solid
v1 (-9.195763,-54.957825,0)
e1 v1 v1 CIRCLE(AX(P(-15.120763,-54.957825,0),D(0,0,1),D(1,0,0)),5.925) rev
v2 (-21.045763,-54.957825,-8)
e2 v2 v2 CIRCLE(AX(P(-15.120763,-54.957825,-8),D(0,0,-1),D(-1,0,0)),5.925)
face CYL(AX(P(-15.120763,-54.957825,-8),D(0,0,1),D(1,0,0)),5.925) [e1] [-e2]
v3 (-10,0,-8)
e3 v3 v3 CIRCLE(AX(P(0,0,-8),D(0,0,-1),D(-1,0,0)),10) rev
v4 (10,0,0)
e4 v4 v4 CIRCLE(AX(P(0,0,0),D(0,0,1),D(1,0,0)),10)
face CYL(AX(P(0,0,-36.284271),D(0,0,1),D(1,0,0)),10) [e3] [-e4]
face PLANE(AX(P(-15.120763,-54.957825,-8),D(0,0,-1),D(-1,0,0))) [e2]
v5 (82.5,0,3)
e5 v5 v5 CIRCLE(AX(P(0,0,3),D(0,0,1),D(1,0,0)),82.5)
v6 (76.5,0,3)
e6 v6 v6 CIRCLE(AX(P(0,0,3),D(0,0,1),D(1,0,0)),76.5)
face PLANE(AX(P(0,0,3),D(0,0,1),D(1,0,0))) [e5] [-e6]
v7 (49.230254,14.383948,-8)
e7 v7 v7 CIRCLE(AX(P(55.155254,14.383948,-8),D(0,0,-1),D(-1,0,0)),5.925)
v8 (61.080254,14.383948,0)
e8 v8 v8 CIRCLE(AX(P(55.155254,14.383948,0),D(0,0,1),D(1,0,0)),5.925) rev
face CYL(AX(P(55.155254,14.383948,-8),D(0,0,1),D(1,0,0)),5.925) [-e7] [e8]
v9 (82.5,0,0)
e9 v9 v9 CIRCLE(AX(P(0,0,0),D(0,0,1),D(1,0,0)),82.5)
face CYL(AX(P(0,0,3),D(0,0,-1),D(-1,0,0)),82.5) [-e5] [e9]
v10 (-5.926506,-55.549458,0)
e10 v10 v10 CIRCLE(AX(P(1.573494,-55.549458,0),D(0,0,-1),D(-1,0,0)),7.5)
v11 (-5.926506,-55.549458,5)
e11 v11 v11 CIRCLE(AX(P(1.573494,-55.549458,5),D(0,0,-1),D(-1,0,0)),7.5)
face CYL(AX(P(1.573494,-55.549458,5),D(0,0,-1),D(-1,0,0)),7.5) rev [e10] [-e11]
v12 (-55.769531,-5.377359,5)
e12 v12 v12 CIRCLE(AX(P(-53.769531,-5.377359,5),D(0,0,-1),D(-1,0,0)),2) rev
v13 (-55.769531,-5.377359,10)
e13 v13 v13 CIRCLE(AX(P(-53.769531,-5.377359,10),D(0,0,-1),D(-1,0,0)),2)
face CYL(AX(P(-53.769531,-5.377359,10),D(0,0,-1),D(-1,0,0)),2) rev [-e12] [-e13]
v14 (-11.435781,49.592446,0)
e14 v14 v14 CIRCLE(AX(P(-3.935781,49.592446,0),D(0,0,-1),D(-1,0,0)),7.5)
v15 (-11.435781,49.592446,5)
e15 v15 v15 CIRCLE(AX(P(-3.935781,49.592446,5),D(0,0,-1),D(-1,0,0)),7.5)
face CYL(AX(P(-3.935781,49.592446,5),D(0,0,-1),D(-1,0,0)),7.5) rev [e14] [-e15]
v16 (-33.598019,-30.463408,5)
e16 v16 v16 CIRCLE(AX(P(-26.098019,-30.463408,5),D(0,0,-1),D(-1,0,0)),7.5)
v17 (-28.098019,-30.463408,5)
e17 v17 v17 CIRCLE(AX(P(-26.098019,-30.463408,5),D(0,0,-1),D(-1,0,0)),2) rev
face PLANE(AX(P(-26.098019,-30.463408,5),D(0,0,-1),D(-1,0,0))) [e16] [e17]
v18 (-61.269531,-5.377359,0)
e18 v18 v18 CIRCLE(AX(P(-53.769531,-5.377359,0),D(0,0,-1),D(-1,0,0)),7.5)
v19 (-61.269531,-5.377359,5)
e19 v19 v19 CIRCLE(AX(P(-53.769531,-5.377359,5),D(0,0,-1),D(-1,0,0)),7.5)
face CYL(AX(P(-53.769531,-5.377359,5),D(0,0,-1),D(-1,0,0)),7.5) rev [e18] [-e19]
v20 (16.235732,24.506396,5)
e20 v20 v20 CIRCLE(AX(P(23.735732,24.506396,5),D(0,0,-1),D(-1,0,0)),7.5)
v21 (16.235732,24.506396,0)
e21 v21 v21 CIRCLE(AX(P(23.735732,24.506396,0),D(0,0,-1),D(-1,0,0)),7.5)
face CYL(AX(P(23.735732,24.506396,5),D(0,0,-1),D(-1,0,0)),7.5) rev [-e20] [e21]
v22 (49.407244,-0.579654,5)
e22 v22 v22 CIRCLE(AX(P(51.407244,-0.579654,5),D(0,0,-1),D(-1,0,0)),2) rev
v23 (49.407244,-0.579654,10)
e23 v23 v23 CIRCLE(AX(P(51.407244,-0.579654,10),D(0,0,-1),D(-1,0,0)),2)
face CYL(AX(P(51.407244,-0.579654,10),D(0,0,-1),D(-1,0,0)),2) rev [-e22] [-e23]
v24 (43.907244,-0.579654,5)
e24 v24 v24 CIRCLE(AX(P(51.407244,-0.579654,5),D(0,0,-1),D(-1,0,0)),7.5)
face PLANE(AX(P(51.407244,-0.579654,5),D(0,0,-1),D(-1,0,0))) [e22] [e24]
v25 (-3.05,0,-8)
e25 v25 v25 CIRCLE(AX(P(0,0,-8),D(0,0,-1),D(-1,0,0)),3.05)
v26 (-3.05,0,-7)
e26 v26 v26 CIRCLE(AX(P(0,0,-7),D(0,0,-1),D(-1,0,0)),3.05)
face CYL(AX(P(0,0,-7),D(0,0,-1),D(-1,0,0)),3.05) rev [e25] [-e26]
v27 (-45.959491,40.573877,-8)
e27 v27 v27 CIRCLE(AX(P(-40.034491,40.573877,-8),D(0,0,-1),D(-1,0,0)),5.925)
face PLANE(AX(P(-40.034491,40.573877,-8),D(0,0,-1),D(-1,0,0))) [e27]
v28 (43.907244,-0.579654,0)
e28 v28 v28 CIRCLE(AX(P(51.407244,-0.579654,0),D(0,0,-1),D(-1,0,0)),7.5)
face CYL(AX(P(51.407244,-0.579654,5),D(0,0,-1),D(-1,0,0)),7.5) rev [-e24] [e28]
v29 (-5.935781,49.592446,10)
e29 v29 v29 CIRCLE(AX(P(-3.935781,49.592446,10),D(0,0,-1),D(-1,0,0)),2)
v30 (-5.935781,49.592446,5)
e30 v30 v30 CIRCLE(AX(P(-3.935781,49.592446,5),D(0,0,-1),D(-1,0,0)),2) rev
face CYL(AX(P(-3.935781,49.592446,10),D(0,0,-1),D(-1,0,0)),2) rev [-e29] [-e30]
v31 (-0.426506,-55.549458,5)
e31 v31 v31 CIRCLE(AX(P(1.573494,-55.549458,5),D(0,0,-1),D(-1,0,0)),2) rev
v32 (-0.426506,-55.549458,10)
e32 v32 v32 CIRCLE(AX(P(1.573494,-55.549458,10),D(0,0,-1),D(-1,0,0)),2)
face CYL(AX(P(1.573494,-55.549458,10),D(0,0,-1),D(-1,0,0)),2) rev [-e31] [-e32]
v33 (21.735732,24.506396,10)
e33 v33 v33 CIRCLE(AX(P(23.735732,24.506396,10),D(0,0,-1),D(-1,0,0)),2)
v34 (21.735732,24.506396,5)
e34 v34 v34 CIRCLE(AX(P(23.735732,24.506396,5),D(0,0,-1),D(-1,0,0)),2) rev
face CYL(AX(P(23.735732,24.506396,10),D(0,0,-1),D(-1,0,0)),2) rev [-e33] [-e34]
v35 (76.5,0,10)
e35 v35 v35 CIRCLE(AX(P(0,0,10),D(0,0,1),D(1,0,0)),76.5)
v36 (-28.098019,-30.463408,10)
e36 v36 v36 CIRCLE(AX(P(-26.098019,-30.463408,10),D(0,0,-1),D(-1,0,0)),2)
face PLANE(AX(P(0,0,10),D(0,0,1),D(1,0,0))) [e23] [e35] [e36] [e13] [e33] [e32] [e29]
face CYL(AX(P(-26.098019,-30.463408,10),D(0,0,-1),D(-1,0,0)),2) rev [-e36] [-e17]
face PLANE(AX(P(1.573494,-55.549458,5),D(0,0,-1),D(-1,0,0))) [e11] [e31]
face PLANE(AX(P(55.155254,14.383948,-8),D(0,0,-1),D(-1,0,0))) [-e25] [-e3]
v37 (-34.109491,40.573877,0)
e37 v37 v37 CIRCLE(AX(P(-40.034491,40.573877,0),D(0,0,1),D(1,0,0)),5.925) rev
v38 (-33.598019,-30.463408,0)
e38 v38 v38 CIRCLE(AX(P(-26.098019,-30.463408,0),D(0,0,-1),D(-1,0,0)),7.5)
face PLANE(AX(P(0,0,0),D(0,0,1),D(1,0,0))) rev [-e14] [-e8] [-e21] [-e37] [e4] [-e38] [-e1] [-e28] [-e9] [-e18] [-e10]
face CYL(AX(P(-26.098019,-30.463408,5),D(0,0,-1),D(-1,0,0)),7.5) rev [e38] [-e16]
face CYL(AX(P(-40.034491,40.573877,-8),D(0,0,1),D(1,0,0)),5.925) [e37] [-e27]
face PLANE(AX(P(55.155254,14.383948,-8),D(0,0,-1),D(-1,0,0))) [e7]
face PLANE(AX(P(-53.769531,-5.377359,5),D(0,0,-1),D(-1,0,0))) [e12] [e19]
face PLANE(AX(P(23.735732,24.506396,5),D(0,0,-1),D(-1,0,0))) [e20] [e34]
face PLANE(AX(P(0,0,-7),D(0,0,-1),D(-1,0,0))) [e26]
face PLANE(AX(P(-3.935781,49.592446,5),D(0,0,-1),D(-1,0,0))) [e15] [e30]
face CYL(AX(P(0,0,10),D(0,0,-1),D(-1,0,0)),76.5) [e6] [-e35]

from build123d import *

# Parameters (mm, degrees)
ESBO_O1_R                = 82.5
ESBO_O1_R_2              = 14
RESSALTO_EXTRUS_O1_DEPTH = 3
ESBO_O2_R                = 5.925
RESSALTO_EXTRUS_O2_DEPTH = 8
ESBO_O3_R                = 14
RESSALTO_EXTRUS_O3_DEPTH = 3
ESBO_O4_R                = 10
RESSALTO_EXTRUS_O4_DEPTH = 11
ESBO_O5_R                = 3.05
CORTE_EXTRUS_O1_DEPTH    = 1
ESBO_O6_R                = 76.5
RESSALTO_EXTRUS_O5_DEPTH = 7
ESBO_O13_R               = 2
CORTE_EXTRUS_O2_DEPTH    = 11
ESBO_O14_R               = 7.5
CORTE_EXTRUS_O3_DEPTH    = 5


with BuildPart() as part:
    # Esboço1 → Ressalto-extrusão1 (new body)
    with BuildSketch(Plane.XY):
        Circle(ESBO_O1_R)
        Circle(ESBO_O1_R_2, mode=Mode.SUBTRACT)
    extrude(amount=RESSALTO_EXTRUS_O1_DEPTH)

    # Esboço2 → Ressalto-extrusão2 (add)
    with BuildSketch(Plane(origin=(0, 0, 0), x_dir=(-1, 0, 0), z_dir=(0, 0, -1))):
        with Locations((-55.155254038, 14.383947721)):
            Circle(ESBO_O2_R)
        with Locations((40.034491152, 40.573877288)):
            Circle(ESBO_O2_R)
        with Locations((15.120762886, -54.957825009)):
            Circle(ESBO_O2_R)
    extrude(amount=RESSALTO_EXTRUS_O2_DEPTH)

    # Esboço3 → Ressalto-extrusão3 (add)
    with BuildSketch(Plane.XY.offset(3)):
        Circle(ESBO_O3_R)
    extrude(amount=-RESSALTO_EXTRUS_O3_DEPTH)

    # Esboço4 → Ressalto-extrusão4 (add)
    with BuildSketch(Plane.XY.offset(3)):
        Circle(ESBO_O4_R)
    extrude(amount=-RESSALTO_EXTRUS_O4_DEPTH)

    # Esboço5 → Corte-extrusão1 (cut)
    with BuildSketch(Plane(origin=(0, 0, -8), x_dir=(-1, 0, 0), z_dir=(0, 0, -1))):
        Circle(ESBO_O5_R)
    extrude(amount=-CORTE_EXTRUS_O1_DEPTH, mode=Mode.SUBTRACT)

    # Esboço6 → Ressalto-extrusão5 (add)
    with BuildSketch(Plane.XY.offset(3)):
        Circle(ESBO_O6_R)
    extrude(amount=RESSALTO_EXTRUS_O5_DEPTH)

    # Esboço13 → Corte-extrusão2 (cut, through all)
    with BuildSketch(Plane(origin=(0, 0, 0), x_dir=(-1, 0, 0), z_dir=(0, 0, -1))):
        with Locations((-1.573494017, -55.549458165)):
            Circle(ESBO_O13_R)
        with Locations((26.098018566, -30.463408429)):
            Circle(ESBO_O13_R)
        with Locations((53.76953115, -5.377358693)):
            Circle(ESBO_O13_R)
        with Locations((-51.407244113, -0.579653936)):
            Circle(ESBO_O13_R)
        with Locations((-23.73573153, 24.5063958)):
            Circle(ESBO_O13_R)
        with Locations((3.935781053, 49.592445536)):
            Circle(ESBO_O13_R)
    extrude(amount=-CORTE_EXTRUS_O2_DEPTH, mode=Mode.SUBTRACT)

    # Esboço14 → Corte-extrusão3 (cut)
    with BuildSketch(Plane(origin=(0, 0, 0), x_dir=(-1, 0, 0), z_dir=(0, 0, -1))):
        with Locations((53.76953115, -5.377358693)):
            Circle(ESBO_O14_R)
        with Locations((26.098018566, -30.463408429)):
            Circle(ESBO_O14_R)
        with Locations((-1.573494017, -55.549458165)):
            Circle(ESBO_O14_R)
        with Locations((3.935781053, 49.592445536)):
            Circle(ESBO_O14_R)
        with Locations((-23.73573153, 24.5063958)):
            Circle(ESBO_O14_R)
        with Locations((-51.407244113, -0.579653936)):
            Circle(ESBO_O14_R)
    extrude(amount=-CORTE_EXTRUS_O3_DEPTH, mode=Mode.SUBTRACT)


solid = part.part
